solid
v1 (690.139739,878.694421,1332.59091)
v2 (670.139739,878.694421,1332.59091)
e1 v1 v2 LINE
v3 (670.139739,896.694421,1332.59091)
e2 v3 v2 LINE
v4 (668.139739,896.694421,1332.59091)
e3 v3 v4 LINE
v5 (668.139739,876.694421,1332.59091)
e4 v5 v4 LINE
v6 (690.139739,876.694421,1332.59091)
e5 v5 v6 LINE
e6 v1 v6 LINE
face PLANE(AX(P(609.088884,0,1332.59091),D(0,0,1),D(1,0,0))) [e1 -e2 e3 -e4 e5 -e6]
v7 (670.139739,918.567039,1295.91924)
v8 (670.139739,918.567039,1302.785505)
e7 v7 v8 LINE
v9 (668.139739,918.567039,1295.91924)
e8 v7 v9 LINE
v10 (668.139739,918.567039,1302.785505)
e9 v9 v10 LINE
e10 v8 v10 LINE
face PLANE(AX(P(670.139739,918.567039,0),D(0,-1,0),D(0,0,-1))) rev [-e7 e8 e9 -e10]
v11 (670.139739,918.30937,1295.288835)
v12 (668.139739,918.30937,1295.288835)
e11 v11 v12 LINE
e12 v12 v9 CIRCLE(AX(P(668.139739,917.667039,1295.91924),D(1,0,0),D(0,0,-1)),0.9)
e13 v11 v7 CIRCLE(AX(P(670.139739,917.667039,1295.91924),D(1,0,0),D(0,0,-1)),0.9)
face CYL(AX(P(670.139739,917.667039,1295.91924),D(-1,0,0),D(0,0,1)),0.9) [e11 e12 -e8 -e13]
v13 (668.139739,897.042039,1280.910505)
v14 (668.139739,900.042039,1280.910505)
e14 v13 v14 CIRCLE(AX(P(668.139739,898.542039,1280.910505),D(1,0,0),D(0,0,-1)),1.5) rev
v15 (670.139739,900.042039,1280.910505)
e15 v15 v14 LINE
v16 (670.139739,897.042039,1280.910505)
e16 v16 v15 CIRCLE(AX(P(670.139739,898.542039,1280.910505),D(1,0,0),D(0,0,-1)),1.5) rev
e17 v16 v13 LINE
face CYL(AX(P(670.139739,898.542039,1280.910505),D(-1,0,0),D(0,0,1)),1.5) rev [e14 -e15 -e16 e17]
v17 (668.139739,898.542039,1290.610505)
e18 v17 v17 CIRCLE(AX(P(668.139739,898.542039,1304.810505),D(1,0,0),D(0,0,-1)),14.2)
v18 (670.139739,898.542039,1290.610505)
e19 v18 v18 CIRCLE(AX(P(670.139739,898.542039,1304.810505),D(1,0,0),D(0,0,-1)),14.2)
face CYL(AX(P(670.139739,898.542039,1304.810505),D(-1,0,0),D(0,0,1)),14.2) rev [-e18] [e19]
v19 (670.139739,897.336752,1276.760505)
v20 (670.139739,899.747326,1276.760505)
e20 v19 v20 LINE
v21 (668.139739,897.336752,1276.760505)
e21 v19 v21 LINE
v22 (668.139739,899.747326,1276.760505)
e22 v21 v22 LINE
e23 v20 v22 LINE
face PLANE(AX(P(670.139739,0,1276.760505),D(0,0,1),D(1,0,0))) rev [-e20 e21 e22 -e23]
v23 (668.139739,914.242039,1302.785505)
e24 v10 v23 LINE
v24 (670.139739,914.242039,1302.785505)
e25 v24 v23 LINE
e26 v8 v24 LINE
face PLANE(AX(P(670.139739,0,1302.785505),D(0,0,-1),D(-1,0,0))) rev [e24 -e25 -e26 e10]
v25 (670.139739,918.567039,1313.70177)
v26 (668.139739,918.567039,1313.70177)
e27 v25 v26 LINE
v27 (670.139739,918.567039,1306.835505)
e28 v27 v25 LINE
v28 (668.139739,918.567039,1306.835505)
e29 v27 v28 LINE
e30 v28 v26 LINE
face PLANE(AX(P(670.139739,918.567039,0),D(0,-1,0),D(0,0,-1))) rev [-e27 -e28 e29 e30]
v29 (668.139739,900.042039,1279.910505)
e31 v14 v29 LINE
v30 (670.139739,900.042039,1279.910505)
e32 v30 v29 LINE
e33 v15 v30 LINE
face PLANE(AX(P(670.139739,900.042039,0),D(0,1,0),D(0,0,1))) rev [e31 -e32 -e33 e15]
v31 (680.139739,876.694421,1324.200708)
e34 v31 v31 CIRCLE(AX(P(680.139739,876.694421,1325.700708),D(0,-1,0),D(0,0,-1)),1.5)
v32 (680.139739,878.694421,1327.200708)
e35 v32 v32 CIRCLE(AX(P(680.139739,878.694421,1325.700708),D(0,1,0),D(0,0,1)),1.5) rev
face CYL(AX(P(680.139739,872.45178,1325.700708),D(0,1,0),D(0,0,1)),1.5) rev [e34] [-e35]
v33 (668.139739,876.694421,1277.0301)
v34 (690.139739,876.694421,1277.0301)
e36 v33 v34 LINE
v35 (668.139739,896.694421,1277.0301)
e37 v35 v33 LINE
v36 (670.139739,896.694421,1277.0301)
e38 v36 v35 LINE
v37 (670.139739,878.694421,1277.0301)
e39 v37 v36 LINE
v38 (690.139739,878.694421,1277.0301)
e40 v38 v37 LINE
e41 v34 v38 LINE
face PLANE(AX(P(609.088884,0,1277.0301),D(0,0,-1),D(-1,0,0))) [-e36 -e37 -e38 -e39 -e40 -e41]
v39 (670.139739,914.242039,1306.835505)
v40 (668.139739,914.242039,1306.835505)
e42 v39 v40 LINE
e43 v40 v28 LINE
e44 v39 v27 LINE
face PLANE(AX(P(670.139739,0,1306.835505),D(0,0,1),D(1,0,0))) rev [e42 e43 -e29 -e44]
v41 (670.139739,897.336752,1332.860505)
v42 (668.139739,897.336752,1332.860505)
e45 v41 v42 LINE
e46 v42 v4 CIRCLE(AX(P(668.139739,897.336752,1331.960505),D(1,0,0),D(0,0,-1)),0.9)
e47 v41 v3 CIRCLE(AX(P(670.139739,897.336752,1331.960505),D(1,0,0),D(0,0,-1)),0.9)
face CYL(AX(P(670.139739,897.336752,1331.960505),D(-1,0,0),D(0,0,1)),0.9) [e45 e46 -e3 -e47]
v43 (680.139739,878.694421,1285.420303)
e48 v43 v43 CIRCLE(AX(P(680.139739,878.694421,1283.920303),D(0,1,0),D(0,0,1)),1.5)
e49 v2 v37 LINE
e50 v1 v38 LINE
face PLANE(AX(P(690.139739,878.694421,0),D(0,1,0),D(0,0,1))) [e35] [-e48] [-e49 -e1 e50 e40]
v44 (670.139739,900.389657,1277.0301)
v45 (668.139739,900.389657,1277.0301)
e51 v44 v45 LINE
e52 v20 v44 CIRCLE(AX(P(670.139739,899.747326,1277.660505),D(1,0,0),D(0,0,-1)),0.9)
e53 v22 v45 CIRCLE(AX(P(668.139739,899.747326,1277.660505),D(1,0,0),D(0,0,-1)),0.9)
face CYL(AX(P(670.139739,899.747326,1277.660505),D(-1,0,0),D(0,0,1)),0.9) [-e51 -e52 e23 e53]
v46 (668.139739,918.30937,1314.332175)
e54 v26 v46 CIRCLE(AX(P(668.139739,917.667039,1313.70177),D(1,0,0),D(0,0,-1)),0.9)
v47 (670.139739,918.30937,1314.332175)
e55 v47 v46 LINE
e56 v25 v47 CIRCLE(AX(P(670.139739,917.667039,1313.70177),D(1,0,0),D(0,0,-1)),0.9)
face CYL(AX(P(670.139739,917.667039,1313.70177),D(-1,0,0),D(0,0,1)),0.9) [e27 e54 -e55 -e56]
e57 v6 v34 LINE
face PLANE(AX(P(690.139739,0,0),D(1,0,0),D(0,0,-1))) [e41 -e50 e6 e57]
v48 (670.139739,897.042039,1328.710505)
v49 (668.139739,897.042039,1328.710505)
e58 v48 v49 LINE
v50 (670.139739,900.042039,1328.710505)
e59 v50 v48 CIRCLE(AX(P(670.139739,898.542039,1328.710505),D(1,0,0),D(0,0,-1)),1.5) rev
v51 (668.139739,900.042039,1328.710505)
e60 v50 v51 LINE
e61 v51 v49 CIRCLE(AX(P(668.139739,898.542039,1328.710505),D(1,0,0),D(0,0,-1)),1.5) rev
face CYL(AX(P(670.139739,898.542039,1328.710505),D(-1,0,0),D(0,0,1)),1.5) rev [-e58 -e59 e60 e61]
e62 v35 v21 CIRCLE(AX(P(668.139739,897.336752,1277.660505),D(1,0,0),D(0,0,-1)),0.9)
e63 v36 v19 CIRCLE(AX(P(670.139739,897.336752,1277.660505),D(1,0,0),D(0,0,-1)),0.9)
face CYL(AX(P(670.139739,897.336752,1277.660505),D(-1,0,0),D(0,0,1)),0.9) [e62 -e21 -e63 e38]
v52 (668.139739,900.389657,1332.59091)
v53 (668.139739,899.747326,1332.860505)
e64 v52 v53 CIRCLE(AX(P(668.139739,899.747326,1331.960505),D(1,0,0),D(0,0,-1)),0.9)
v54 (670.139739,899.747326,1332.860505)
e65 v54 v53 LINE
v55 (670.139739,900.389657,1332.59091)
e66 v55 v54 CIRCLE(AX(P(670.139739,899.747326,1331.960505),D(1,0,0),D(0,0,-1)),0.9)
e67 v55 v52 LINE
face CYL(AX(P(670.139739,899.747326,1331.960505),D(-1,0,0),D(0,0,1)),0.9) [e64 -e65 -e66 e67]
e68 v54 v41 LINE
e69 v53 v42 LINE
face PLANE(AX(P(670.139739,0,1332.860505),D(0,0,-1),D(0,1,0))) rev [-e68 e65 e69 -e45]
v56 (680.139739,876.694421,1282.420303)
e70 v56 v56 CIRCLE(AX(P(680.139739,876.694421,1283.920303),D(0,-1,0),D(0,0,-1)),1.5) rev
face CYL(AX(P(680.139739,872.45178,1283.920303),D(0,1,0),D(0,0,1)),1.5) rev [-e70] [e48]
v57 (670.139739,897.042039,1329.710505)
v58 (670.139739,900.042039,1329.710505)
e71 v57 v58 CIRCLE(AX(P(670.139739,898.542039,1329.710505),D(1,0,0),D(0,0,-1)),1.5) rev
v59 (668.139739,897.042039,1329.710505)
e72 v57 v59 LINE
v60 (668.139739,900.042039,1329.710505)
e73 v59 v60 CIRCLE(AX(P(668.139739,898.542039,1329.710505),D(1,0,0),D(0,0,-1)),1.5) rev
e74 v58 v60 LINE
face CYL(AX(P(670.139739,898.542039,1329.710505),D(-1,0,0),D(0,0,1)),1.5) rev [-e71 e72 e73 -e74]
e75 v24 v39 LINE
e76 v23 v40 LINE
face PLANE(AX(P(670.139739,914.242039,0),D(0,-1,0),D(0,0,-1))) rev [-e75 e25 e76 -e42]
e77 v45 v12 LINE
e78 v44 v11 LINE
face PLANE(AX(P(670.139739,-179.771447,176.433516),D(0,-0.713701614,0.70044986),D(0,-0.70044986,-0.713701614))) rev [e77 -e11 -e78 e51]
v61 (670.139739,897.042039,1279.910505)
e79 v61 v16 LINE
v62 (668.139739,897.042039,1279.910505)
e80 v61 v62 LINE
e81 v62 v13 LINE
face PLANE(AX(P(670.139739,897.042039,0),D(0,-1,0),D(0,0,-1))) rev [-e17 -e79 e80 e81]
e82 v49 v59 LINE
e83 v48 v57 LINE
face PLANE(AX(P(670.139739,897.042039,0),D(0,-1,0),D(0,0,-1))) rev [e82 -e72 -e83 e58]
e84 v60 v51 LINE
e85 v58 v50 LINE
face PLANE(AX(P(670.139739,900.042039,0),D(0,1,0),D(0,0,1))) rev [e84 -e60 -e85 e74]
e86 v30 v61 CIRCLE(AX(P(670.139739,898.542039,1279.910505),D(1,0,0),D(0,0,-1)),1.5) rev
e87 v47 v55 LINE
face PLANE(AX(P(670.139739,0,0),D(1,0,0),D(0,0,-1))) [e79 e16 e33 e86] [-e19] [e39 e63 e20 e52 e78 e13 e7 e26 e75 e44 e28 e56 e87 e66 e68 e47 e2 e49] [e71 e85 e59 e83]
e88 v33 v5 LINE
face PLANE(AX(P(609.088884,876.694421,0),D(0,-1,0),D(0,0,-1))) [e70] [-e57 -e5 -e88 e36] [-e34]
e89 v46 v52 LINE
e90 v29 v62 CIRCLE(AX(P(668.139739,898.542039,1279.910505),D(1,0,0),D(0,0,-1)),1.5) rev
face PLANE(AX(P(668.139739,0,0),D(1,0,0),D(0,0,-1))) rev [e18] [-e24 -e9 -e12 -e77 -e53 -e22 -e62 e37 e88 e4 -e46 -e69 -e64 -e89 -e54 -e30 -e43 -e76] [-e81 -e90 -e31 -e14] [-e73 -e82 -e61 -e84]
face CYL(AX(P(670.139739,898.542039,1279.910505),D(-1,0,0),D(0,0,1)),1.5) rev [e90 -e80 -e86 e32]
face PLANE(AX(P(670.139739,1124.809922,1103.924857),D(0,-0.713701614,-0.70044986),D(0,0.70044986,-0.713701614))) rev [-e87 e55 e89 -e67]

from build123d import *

# Parameters (mm, degrees)
SKETCH1_R           = 14.2
SKETCH1_W           = 4.4
SKETCH1_H           = 4.2
BOSS_EXTRUDE1_DEPTH = 2
BOSS_EXTRUDE2_DEPTH = 2
SKETCH3_W           = 55.560809748
SKETCH3_H           = 2
BOSS_EXTRUDE3_DEPTH = 20
CUT_EXTRUDE1_DEPTH  = 2


with BuildPart() as part:
    # Sketch1 → Boss-Extrude1 (new body)
    with BuildSketch(Plane(origin=(668.139739498, 0, 0), x_dir=(0, 0, -1), z_dir=(1, 0, 0))):
        with BuildLine():
            ThreePointArc((-1314.332175016, 878.774707493), (-1314.042285701, 878.583942821), (-1313.701770142, 878.517038946))
            Line((-1313.701770142, 878.517038946), (-1306.83550516, 878.517038946))
            Line((-1306.83550516, 878.517038946), (-1306.83550516, 882.842038946))
            Line((-1306.83550516, 882.842038946), (-1302.78550516, 882.842038946))
            Line((-1302.78550516, 882.842038946), (-1302.78550516, 878.517038946))
            Line((-1302.78550516, 878.517038946), (-1295.919240178, 878.517038946))
            ThreePointArc((-1295.919240178, 878.517038946), (-1295.578724618, 878.583942821), (-1295.288835304, 878.774707493))
            Line((-1295.288835304, 878.774707493), (-1277.030100286, 896.694420906))
            ThreePointArc((-1277.030100286, 896.694420906), (-1276.830636379, 896.988445301), (-1276.76050516, 897.336752359))
            Line((-1276.76050516, 897.336752359), (-1276.76050516, 899.747325533))
            ThreePointArc((-1276.76050516, 899.747325533), (-1276.830636379, 900.095632591), (-1277.030100286, 900.389656986))
            Line((-1277.030100286, 900.389656986), (-1295.288835304, 918.309370399))
            ThreePointArc((-1295.288835304, 918.309370399), (-1295.578724618, 918.500135071), (-1295.919240178, 918.567038946))
            Line((-1295.919240178, 918.567038946), (-1302.78550516, 918.567038946))
            Line((-1302.78550516, 918.567038946), (-1302.78550516, 914.242038946))
            Line((-1302.78550516, 914.242038946), (-1306.83550516, 914.242038946))
            Line((-1306.83550516, 914.242038946), (-1306.83550516, 918.567038946))
            Line((-1306.83550516, 918.567038946), (-1313.701770142, 918.567038946))
            ThreePointArc((-1313.701770142, 918.567038946), (-1314.042285701, 918.500135071), (-1314.332175016, 918.309370399))
            Line((-1314.332175016, 918.309370399), (-1332.590910034, 900.389656986))
            ThreePointArc((-1332.590910034, 900.389656986), (-1332.79037394, 900.095632591), (-1332.86050516, 899.747325533))
            Line((-1332.86050516, 899.747325533), (-1332.86050516, 897.336752359))
            ThreePointArc((-1332.86050516, 897.336752359), (-1332.79037394, 896.988445301), (-1332.590910034, 896.694420906))
            Line((-1332.590910034, 896.694420906), (-1314.332175016, 878.774707493))
        make_face()
        with Locations((-1304.81050516, 898.542038946)):
            Circle(SKETCH1_R, mode=Mode.SUBTRACT)
        with BuildLine():
            Line((-1329.71050516, 900.042038946), (-1328.71050516, 900.042038946))
            ThreePointArc((-1328.71050516, 900.042038946), (-1327.21050516, 898.542038946), (-1328.71050516, 897.042038946))
            Line((-1328.71050516, 897.042038946), (-1329.71050516, 897.042038946))
            ThreePointArc((-1329.71050516, 897.042038946), (-1330.771165332, 897.481378774), (-1331.21050516, 898.542038946))
            ThreePointArc((-1331.21050516, 898.542038946), (-1330.771165332, 899.602699118), (-1329.71050516, 900.042038946))
        make_face(mode=Mode.SUBTRACT)
        with BuildLine():
            ThreePointArc((-1279.91050516, 900.042038946), (-1278.41050516, 898.542038946), (-1279.91050516, 897.042038946))
            Line((-1279.91050516, 897.042038946), (-1280.91050516, 897.042038946))
            ThreePointArc((-1280.91050516, 897.042038946), (-1281.971165332, 897.481378774), (-1282.41050516, 898.542038946))
            ThreePointArc((-1282.41050516, 898.542038946), (-1281.971165332, 899.602699118), (-1280.91050516, 900.042038946))
            Line((-1280.91050516, 900.042038946), (-1279.91050516, 900.042038946))
        make_face(mode=Mode.SUBTRACT)
        with Locations((-1286.76050516, 898.542038946)):
            Rectangle(SKETCH1_W, SKETCH1_H, mode=Mode.SUBTRACT)
        with Locations((-1322.86050516, 898.542038946)):
            Rectangle(SKETCH1_W, SKETCH1_H, mode=Mode.SUBTRACT)
        with Locations((-1322.86050516, 898.542038946)):
            Rectangle(SKETCH1_W, SKETCH1_H)
        with Locations((-1286.76050516, 898.542038946)):
            Rectangle(SKETCH1_W, SKETCH1_H)
    extrude(amount=BOSS_EXTRUDE1_DEPTH)

    # Sketch2 → Boss-Extrude2 (add)
    with BuildSketch(Plane(origin=(670.139739498, 0, 0), x_dir=(0, 0, -1), z_dir=(1, 0, 0))):
        with BuildLine():
            Line((-1332.590910034, 876.694420906), (-1277.030100286, 876.694420906))
            Line((-1277.030100286, 876.694420906), (-1277.030100286, 896.694420906))
            Line((-1277.030100286, 896.694420906), (-1295.288835304, 878.774707493))
            ThreePointArc((-1295.288835304, 878.774707493), (-1295.578724618, 878.583942821), (-1295.919240178, 878.517038946))
            Line((-1295.919240178, 878.517038946), (-1302.78550516, 878.517038946))
            Line((-1302.78550516, 878.517038946), (-1302.78550516, 882.842038946))
            Line((-1302.78550516, 882.842038946), (-1306.83550516, 882.842038946))
            Line((-1306.83550516, 882.842038946), (-1306.83550516, 878.517038946))
            Line((-1306.83550516, 878.517038946), (-1313.701770142, 878.517038946))
            ThreePointArc((-1313.701770142, 878.517038946), (-1314.042285701, 878.583942821), (-1314.332175016, 878.774707493))
            Line((-1314.332175016, 878.774707493), (-1332.590910034, 896.694420906))
            Line((-1332.590910034, 896.694420906), (-1332.590910034, 876.694420906))
        make_face()
    extrude(amount=-BOSS_EXTRUDE2_DEPTH)

    # Sketch3 → Boss-Extrude3 (add)
    with BuildSketch(Plane(origin=(670.139739498, 0, 0), x_dir=(0, 0, -1), z_dir=(1, 0, 0))):
        with Locations((-1304.81050516, 877.694420906)):
            Rectangle(SKETCH3_W, SKETCH3_H)
    extrude(amount=BOSS_EXTRUDE3_DEPTH)

    # Sketch4 → Cut-Extrude1 (cut)
    with BuildSketch(Plane(origin=(0, 878.694420906, 0), x_dir=(1, 0, 0), z_dir=(0, 1, 0))):
        with BuildLine():
            ThreePointArc((681.639739498, -1283.920302723), (681.20039967, -1282.859642551), (680.139739498, -1282.420302723))
            Line((680.139739498, -1282.420302723), (680.139739498, -1285.420302723))
            ThreePointArc((680.139739498, -1285.420302723), (681.20039967, -1284.980962895), (681.639739498, -1283.920302723))
        make_face()
        with BuildLine():
            Line((680.139739498, -1285.420302723), (680.139739498, -1282.420302723))
            ThreePointArc((680.139739498, -1282.420302723), (678.639739498, -1283.920302723), (680.139739498, -1285.420302723))
        make_face()
        with BuildLine():
            ThreePointArc((681.639739498, -1325.700707597), (681.20039967, -1324.640047425), (680.139739498, -1324.200707597))
            Line((680.139739498, -1324.200707597), (680.139739498, -1327.200707597))
            ThreePointArc((680.139739498, -1327.200707597), (681.20039967, -1326.761367768), (681.639739498, -1325.700707597))
        make_face()
        with BuildLine():
            Line((680.139739498, -1327.200707597), (680.139739498, -1324.200707597))
            ThreePointArc((680.139739498, -1324.200707597), (678.639739498, -1325.700707597), (680.139739498, -1327.200707597))
        make_face()
    extrude(amount=-CUT_EXTRUDE1_DEPTH, mode=Mode.SUBTRACT)


solid = part.part
